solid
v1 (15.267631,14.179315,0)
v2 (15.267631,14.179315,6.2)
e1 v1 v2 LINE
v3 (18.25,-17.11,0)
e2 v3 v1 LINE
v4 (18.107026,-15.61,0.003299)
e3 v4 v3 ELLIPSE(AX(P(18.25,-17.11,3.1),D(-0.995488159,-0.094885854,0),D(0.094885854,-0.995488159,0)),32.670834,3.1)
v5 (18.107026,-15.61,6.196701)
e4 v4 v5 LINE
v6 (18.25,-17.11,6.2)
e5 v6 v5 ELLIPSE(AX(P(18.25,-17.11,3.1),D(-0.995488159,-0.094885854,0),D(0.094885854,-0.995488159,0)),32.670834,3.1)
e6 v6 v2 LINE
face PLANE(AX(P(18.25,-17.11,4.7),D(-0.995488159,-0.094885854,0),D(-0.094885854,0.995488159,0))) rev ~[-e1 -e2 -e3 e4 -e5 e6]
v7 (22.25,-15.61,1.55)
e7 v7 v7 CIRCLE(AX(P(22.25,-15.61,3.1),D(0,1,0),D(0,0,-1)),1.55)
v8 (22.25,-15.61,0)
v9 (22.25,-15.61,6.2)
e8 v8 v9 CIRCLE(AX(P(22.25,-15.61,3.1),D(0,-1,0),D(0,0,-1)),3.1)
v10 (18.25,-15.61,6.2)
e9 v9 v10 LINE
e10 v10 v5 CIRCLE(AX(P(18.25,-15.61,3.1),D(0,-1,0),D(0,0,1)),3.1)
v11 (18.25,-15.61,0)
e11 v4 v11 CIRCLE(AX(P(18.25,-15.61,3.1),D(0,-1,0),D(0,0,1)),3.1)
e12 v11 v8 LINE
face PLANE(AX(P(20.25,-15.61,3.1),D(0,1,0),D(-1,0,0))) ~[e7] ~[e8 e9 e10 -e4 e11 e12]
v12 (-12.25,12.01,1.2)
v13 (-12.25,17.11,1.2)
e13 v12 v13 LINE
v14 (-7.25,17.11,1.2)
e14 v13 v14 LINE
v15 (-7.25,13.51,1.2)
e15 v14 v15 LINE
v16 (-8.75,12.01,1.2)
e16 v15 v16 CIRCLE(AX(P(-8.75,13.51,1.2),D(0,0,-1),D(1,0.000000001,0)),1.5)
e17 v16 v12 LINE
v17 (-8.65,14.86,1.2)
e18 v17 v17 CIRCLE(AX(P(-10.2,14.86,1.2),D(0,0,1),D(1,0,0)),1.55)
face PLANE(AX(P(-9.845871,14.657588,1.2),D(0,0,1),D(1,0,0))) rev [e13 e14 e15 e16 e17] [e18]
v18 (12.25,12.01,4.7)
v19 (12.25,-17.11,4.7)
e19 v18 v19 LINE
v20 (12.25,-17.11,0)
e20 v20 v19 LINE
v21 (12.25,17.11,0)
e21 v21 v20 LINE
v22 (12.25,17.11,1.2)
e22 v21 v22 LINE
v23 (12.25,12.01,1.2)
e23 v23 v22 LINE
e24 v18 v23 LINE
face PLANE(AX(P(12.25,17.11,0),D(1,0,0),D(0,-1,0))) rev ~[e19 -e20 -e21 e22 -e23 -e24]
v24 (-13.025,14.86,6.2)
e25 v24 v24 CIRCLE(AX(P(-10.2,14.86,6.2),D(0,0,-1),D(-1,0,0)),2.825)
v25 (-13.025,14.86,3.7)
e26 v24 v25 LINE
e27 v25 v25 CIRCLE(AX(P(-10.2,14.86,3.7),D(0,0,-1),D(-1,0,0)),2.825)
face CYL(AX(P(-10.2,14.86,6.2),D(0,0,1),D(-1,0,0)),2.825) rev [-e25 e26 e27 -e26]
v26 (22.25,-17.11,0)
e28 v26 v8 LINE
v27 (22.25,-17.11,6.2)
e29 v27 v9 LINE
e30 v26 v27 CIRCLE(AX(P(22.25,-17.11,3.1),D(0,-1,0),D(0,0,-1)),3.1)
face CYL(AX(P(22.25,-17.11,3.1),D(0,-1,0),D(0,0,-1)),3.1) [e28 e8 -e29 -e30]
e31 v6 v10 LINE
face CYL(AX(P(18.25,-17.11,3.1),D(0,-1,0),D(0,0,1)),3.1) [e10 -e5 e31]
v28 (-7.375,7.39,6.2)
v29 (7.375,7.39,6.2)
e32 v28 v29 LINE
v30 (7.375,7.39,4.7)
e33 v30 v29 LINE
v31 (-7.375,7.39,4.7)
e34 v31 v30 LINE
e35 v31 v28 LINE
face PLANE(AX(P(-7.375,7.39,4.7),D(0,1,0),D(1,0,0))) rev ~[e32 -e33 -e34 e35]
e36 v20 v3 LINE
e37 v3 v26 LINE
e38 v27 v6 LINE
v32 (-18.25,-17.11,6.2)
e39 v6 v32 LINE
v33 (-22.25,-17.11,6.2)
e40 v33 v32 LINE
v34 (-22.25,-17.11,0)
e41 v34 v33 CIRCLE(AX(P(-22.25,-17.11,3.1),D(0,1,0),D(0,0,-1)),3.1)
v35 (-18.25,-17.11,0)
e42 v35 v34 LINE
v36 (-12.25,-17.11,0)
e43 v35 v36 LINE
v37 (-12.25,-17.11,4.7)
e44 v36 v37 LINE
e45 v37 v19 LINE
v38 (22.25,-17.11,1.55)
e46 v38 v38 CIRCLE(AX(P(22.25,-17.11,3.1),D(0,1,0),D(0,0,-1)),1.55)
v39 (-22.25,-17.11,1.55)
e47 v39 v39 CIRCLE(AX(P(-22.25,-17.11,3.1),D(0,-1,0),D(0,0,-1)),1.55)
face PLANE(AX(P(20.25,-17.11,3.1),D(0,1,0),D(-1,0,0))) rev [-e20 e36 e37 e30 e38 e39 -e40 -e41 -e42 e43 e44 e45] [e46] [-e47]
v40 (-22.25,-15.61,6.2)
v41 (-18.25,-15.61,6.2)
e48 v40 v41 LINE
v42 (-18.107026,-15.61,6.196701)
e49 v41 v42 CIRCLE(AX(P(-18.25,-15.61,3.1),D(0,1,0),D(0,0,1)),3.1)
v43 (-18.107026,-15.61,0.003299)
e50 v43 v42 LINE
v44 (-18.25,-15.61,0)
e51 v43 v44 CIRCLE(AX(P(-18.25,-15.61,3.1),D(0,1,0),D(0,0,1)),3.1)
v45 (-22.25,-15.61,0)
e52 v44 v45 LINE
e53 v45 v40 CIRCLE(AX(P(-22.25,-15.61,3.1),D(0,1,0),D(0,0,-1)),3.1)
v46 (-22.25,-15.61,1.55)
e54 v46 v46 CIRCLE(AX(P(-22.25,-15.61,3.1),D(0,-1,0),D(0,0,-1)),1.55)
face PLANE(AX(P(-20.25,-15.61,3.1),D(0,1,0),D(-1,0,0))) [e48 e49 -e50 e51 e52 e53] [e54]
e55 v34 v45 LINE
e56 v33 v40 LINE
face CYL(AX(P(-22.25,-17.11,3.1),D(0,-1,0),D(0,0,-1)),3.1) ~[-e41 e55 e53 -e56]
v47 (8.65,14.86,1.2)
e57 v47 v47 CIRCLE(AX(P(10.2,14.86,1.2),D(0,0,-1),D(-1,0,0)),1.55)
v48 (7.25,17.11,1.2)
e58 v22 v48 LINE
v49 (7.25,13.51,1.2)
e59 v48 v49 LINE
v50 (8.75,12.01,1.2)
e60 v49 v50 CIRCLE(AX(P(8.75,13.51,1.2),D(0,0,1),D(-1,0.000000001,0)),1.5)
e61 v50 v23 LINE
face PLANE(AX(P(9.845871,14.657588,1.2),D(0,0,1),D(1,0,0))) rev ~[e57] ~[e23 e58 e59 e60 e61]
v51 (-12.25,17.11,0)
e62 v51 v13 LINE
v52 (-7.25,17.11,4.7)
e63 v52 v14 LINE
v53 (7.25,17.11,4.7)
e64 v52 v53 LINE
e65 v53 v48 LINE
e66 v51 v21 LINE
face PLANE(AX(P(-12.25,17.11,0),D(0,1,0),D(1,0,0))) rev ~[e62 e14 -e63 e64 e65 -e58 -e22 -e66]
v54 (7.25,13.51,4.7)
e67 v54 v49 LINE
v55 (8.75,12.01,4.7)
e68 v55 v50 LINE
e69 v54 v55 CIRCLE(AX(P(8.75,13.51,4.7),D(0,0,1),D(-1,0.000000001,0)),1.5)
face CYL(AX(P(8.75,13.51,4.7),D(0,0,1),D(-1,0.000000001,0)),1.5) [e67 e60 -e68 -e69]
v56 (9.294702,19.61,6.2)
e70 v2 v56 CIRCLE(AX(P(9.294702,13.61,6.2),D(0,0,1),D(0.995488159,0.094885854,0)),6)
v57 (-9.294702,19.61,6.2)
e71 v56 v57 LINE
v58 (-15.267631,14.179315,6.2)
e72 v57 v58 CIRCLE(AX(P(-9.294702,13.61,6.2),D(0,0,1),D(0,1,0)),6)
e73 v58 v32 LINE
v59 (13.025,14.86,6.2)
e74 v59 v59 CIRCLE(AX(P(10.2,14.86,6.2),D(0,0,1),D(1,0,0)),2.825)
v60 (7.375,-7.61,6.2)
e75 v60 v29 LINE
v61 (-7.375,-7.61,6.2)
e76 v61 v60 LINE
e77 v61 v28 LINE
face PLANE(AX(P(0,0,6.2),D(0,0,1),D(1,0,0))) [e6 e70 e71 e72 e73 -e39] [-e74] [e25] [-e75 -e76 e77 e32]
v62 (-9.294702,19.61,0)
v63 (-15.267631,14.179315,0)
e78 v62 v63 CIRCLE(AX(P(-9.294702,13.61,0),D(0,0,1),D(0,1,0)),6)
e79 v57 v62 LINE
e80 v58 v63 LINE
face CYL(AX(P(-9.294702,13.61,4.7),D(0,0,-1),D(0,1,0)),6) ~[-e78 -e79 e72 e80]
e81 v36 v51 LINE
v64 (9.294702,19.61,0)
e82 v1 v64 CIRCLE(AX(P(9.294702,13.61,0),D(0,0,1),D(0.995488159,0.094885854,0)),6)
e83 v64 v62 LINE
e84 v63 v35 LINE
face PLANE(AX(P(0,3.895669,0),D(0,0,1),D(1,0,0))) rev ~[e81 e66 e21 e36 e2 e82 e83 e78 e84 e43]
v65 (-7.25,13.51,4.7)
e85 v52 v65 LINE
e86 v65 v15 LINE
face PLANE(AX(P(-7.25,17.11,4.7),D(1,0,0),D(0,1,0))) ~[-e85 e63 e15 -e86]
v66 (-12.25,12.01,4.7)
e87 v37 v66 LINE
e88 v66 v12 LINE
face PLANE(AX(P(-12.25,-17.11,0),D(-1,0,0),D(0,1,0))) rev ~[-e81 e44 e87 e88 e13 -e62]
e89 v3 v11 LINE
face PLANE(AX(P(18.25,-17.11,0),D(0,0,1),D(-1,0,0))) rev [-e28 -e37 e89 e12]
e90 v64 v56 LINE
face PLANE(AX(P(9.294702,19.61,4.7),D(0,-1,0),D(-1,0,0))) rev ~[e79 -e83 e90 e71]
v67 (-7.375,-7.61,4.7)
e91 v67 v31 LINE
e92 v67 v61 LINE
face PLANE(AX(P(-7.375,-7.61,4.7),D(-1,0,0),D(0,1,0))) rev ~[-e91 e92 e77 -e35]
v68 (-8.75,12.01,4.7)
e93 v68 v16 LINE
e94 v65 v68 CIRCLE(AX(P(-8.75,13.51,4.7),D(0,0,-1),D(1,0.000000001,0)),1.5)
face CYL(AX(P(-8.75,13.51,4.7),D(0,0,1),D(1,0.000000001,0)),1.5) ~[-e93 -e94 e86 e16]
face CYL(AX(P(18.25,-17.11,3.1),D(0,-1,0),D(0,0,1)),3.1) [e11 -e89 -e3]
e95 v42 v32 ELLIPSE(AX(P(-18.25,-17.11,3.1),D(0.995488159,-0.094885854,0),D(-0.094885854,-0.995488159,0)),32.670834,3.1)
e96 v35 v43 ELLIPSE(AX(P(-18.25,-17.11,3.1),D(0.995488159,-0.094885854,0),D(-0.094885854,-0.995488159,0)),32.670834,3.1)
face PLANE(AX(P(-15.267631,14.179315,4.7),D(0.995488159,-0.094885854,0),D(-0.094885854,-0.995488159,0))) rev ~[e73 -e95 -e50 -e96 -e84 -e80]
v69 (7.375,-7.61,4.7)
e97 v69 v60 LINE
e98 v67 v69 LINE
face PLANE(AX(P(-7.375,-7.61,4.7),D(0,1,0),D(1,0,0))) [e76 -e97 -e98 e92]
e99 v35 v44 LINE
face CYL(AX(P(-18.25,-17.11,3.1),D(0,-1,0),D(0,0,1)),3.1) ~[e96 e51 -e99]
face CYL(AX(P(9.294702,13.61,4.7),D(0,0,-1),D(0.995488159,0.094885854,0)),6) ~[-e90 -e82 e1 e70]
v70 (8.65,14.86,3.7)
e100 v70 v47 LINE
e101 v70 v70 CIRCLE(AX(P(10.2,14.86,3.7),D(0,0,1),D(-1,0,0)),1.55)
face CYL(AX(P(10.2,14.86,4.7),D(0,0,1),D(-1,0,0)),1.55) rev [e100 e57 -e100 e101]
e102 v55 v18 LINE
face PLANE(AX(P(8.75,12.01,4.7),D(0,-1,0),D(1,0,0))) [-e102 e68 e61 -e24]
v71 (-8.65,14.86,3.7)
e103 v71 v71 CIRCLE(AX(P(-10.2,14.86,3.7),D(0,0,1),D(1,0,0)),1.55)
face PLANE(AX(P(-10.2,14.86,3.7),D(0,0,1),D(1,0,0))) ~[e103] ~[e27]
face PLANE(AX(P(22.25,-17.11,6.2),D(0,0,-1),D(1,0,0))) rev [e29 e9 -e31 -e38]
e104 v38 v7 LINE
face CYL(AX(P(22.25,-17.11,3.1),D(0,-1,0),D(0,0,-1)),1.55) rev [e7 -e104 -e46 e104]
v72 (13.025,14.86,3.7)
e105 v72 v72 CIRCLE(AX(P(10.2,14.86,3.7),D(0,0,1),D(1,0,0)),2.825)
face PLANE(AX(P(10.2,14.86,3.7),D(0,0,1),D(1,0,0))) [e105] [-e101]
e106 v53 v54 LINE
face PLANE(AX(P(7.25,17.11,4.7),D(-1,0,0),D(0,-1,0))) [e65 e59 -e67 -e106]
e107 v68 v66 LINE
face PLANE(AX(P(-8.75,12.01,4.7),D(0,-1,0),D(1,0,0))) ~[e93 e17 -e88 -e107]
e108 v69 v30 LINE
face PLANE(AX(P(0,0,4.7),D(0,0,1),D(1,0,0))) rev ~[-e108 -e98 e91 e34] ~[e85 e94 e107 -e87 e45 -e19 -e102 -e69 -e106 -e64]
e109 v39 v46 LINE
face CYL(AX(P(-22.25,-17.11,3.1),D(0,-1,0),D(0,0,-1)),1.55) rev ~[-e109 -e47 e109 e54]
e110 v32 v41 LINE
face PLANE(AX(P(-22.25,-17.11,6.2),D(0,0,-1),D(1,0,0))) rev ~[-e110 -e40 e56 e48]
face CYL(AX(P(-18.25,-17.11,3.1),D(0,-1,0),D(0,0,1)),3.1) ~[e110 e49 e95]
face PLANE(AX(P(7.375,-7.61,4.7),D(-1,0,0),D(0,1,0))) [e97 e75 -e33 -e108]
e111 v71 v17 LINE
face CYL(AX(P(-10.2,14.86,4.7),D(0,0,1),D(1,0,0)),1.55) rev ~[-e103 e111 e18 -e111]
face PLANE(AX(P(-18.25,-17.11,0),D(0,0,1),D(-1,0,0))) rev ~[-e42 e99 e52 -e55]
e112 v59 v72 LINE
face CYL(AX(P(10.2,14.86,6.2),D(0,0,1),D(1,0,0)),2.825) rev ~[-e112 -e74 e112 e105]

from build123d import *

# Parameters (mm, degrees)
BOSS_EXTRUDE1_DEPTH = 4.7
SKETCH2_W           = 24.5
SKETCH2_H           = 34.22
SKETCH2_W_2         = 14.75
SKETCH2_H_2         = 15
BOSS_EXTRUDE2_DEPTH = 1.5
SKETCH4_R           = 1.55
BOSS_EXTRUDE3_DEPTH = 3.5
SKETCH5_R           = 1.55
CUT_EXTRUDE1_DEPTH  = 28.197510916
SKETCH6_R           = 2.825
CUT_EXTRUDE2_DEPTH  = 2.5
SKETCH7_R           = 1.55
BOSS_EXTRUDE4_DEPTH = 1.5


with BuildPart() as part:
    # Sketch1 → Boss-Extrude1 (new body)
    with BuildSketch(Plane.XY):
        with BuildLine():
            Line((18.25, -17.11), (15.267630639, 14.179315124))
            ThreePointArc((15.267630639, 14.179315124), (13.331043423, 18.049363172), (9.294701685, 19.61))
            Line((9.294701685, 19.61), (-9.294701685, 19.61))
            ThreePointArc((-9.294701685, 19.61), (-13.331043423, 18.049363172), (-15.267630639, 14.179315124))
            Line((-15.267630639, 14.179315124), (-18.25, -17.11))
            Line((-18.25, -17.11), (-12.25, -17.11))
            Line((-12.25, -17.11), (-12.25, 17.11))
            Line((-12.25, 17.11), (12.25, 17.11))
            Line((12.25, 17.11), (12.25, -17.11))
            Line((12.25, -17.11), (18.25, -17.11))
        make_face()
    extrude(amount=BOSS_EXTRUDE1_DEPTH)

    # Sketch2 → Boss-Extrude2 (add)
    # profile 1 of 2: a face of its own
    with BuildSketch(Plane.XY.offset(4.7)):
        Rectangle(SKETCH2_W, SKETCH2_H)
        with Locations((0, -0.11)):
            Rectangle(SKETCH2_W_2, SKETCH2_H_2, mode=Mode.SUBTRACT)
    # profile 2 of 2: a face of its own
    with BuildSketch(Plane.XY.offset(4.7)):
        with BuildLine():
            Line((12.25, 17.11), (12.25, -17.11))
            Line((12.25, -17.11), (18.25, -17.11))
            Line((18.25, -17.11), (15.267630639, 14.179315124))
            ThreePointArc((15.267630639, 14.179315124), (13.331043423, 18.049363172), (9.294701685, 19.61))
            Line((9.294701685, 19.61), (-9.294701685, 19.61))
            ThreePointArc((-9.294701685, 19.61), (-13.331043423, 18.049363172), (-15.267630639, 14.179315124))
            Line((-15.267630639, 14.179315124), (-18.25, -17.11))
            Line((-18.25, -17.11), (-12.25, -17.11))
            Line((-12.25, -17.11), (-12.25, 17.11))
            Line((-12.25, 17.11), (12.25, 17.11))
        make_face()
    extrude(amount=BOSS_EXTRUDE2_DEPTH)

    # Sketch4 → Boss-Extrude3 (add)
    with BuildSketch(Plane(origin=(0, 0, 4.7), x_dir=(-1, 0, 0), z_dir=(0, 0, -1))):
        with BuildLine():
            Line((-12.25, 17.11), (-7.25, 17.11))
            Line((-7.25, 17.11), (-7.25, 13.51))
            ThreePointArc((-7.25, 13.51), (-7.689339828, 12.449339828), (-8.75, 12.01))
            Line((-8.75, 12.01), (-12.25, 12.01))
            Line((-12.25, 12.01), (-12.25, 17.11))
        make_face()
        with Locations((-10.2, 14.86)):
            Circle(SKETCH4_R, mode=Mode.SUBTRACT)
    boss_extrude3 = extrude(amount=BOSS_EXTRUDE3_DEPTH)

    # Sketch5 → Cut-Extrude1 (cut, through all)
    with BuildSketch(Plane(origin=(0, 0, 4.7), x_dir=(-1, 0, 0), z_dir=(0, 0, -1))):
        with Locations((-10.2, 14.86)):
            Circle(SKETCH5_R)
    extrude(amount=-CUT_EXTRUDE1_DEPTH, mode=Mode.SUBTRACT)

    # Sketch6 → Cut-Extrude2 (cut)
    with BuildSketch(Plane.XY.offset(6.2)):
        with Locations((10.2, 14.86)):
            Circle(SKETCH6_R)
    cut_extrude2 = extrude(amount=-CUT_EXTRUDE2_DEPTH, mode=Mode.SUBTRACT)

    # Sketch7 → Boss-Extrude4 (add)
    with BuildSketch(Plane.XZ.offset(17.11)):
        with BuildLine():
            Line((-22.25, 6.2), (-18.25, 6.2))
            ThreePointArc((-18.25, 6.2), (-15.15, 3.1), (-18.25, 0))
            Line((-18.25, 0), (-22.25, 0))
            ThreePointArc((-22.25, 0), (-25.35, 3.1), (-22.25, 6.2))
        make_face()
        with Locations(Location((-22.25, 3.1, 0), (0, 0, 270))):
            Circle(SKETCH7_R, mode=Mode.SUBTRACT)
    boss_extrude4 = extrude(amount=-BOSS_EXTRUDE4_DEPTH)

    # Mirror1: Boss-Extrude3, Cut-Extrude2, Boss-Extrude4 across plane
    add(boss_extrude3.mirror(Plane(origin=(0, 0, 0), x_dir=(0, 0, 1), z_dir=(1, 0, 0))))
    add(cut_extrude2.mirror(Plane(origin=(0, 0, 0), x_dir=(0, 0, 1), z_dir=(1, 0, 0))), mode=Mode.SUBTRACT)
    add(boss_extrude4.mirror(Plane(origin=(0, 0, 0), x_dir=(0, 0, 1), z_dir=(1, 0, 0))))


solid = part.part
